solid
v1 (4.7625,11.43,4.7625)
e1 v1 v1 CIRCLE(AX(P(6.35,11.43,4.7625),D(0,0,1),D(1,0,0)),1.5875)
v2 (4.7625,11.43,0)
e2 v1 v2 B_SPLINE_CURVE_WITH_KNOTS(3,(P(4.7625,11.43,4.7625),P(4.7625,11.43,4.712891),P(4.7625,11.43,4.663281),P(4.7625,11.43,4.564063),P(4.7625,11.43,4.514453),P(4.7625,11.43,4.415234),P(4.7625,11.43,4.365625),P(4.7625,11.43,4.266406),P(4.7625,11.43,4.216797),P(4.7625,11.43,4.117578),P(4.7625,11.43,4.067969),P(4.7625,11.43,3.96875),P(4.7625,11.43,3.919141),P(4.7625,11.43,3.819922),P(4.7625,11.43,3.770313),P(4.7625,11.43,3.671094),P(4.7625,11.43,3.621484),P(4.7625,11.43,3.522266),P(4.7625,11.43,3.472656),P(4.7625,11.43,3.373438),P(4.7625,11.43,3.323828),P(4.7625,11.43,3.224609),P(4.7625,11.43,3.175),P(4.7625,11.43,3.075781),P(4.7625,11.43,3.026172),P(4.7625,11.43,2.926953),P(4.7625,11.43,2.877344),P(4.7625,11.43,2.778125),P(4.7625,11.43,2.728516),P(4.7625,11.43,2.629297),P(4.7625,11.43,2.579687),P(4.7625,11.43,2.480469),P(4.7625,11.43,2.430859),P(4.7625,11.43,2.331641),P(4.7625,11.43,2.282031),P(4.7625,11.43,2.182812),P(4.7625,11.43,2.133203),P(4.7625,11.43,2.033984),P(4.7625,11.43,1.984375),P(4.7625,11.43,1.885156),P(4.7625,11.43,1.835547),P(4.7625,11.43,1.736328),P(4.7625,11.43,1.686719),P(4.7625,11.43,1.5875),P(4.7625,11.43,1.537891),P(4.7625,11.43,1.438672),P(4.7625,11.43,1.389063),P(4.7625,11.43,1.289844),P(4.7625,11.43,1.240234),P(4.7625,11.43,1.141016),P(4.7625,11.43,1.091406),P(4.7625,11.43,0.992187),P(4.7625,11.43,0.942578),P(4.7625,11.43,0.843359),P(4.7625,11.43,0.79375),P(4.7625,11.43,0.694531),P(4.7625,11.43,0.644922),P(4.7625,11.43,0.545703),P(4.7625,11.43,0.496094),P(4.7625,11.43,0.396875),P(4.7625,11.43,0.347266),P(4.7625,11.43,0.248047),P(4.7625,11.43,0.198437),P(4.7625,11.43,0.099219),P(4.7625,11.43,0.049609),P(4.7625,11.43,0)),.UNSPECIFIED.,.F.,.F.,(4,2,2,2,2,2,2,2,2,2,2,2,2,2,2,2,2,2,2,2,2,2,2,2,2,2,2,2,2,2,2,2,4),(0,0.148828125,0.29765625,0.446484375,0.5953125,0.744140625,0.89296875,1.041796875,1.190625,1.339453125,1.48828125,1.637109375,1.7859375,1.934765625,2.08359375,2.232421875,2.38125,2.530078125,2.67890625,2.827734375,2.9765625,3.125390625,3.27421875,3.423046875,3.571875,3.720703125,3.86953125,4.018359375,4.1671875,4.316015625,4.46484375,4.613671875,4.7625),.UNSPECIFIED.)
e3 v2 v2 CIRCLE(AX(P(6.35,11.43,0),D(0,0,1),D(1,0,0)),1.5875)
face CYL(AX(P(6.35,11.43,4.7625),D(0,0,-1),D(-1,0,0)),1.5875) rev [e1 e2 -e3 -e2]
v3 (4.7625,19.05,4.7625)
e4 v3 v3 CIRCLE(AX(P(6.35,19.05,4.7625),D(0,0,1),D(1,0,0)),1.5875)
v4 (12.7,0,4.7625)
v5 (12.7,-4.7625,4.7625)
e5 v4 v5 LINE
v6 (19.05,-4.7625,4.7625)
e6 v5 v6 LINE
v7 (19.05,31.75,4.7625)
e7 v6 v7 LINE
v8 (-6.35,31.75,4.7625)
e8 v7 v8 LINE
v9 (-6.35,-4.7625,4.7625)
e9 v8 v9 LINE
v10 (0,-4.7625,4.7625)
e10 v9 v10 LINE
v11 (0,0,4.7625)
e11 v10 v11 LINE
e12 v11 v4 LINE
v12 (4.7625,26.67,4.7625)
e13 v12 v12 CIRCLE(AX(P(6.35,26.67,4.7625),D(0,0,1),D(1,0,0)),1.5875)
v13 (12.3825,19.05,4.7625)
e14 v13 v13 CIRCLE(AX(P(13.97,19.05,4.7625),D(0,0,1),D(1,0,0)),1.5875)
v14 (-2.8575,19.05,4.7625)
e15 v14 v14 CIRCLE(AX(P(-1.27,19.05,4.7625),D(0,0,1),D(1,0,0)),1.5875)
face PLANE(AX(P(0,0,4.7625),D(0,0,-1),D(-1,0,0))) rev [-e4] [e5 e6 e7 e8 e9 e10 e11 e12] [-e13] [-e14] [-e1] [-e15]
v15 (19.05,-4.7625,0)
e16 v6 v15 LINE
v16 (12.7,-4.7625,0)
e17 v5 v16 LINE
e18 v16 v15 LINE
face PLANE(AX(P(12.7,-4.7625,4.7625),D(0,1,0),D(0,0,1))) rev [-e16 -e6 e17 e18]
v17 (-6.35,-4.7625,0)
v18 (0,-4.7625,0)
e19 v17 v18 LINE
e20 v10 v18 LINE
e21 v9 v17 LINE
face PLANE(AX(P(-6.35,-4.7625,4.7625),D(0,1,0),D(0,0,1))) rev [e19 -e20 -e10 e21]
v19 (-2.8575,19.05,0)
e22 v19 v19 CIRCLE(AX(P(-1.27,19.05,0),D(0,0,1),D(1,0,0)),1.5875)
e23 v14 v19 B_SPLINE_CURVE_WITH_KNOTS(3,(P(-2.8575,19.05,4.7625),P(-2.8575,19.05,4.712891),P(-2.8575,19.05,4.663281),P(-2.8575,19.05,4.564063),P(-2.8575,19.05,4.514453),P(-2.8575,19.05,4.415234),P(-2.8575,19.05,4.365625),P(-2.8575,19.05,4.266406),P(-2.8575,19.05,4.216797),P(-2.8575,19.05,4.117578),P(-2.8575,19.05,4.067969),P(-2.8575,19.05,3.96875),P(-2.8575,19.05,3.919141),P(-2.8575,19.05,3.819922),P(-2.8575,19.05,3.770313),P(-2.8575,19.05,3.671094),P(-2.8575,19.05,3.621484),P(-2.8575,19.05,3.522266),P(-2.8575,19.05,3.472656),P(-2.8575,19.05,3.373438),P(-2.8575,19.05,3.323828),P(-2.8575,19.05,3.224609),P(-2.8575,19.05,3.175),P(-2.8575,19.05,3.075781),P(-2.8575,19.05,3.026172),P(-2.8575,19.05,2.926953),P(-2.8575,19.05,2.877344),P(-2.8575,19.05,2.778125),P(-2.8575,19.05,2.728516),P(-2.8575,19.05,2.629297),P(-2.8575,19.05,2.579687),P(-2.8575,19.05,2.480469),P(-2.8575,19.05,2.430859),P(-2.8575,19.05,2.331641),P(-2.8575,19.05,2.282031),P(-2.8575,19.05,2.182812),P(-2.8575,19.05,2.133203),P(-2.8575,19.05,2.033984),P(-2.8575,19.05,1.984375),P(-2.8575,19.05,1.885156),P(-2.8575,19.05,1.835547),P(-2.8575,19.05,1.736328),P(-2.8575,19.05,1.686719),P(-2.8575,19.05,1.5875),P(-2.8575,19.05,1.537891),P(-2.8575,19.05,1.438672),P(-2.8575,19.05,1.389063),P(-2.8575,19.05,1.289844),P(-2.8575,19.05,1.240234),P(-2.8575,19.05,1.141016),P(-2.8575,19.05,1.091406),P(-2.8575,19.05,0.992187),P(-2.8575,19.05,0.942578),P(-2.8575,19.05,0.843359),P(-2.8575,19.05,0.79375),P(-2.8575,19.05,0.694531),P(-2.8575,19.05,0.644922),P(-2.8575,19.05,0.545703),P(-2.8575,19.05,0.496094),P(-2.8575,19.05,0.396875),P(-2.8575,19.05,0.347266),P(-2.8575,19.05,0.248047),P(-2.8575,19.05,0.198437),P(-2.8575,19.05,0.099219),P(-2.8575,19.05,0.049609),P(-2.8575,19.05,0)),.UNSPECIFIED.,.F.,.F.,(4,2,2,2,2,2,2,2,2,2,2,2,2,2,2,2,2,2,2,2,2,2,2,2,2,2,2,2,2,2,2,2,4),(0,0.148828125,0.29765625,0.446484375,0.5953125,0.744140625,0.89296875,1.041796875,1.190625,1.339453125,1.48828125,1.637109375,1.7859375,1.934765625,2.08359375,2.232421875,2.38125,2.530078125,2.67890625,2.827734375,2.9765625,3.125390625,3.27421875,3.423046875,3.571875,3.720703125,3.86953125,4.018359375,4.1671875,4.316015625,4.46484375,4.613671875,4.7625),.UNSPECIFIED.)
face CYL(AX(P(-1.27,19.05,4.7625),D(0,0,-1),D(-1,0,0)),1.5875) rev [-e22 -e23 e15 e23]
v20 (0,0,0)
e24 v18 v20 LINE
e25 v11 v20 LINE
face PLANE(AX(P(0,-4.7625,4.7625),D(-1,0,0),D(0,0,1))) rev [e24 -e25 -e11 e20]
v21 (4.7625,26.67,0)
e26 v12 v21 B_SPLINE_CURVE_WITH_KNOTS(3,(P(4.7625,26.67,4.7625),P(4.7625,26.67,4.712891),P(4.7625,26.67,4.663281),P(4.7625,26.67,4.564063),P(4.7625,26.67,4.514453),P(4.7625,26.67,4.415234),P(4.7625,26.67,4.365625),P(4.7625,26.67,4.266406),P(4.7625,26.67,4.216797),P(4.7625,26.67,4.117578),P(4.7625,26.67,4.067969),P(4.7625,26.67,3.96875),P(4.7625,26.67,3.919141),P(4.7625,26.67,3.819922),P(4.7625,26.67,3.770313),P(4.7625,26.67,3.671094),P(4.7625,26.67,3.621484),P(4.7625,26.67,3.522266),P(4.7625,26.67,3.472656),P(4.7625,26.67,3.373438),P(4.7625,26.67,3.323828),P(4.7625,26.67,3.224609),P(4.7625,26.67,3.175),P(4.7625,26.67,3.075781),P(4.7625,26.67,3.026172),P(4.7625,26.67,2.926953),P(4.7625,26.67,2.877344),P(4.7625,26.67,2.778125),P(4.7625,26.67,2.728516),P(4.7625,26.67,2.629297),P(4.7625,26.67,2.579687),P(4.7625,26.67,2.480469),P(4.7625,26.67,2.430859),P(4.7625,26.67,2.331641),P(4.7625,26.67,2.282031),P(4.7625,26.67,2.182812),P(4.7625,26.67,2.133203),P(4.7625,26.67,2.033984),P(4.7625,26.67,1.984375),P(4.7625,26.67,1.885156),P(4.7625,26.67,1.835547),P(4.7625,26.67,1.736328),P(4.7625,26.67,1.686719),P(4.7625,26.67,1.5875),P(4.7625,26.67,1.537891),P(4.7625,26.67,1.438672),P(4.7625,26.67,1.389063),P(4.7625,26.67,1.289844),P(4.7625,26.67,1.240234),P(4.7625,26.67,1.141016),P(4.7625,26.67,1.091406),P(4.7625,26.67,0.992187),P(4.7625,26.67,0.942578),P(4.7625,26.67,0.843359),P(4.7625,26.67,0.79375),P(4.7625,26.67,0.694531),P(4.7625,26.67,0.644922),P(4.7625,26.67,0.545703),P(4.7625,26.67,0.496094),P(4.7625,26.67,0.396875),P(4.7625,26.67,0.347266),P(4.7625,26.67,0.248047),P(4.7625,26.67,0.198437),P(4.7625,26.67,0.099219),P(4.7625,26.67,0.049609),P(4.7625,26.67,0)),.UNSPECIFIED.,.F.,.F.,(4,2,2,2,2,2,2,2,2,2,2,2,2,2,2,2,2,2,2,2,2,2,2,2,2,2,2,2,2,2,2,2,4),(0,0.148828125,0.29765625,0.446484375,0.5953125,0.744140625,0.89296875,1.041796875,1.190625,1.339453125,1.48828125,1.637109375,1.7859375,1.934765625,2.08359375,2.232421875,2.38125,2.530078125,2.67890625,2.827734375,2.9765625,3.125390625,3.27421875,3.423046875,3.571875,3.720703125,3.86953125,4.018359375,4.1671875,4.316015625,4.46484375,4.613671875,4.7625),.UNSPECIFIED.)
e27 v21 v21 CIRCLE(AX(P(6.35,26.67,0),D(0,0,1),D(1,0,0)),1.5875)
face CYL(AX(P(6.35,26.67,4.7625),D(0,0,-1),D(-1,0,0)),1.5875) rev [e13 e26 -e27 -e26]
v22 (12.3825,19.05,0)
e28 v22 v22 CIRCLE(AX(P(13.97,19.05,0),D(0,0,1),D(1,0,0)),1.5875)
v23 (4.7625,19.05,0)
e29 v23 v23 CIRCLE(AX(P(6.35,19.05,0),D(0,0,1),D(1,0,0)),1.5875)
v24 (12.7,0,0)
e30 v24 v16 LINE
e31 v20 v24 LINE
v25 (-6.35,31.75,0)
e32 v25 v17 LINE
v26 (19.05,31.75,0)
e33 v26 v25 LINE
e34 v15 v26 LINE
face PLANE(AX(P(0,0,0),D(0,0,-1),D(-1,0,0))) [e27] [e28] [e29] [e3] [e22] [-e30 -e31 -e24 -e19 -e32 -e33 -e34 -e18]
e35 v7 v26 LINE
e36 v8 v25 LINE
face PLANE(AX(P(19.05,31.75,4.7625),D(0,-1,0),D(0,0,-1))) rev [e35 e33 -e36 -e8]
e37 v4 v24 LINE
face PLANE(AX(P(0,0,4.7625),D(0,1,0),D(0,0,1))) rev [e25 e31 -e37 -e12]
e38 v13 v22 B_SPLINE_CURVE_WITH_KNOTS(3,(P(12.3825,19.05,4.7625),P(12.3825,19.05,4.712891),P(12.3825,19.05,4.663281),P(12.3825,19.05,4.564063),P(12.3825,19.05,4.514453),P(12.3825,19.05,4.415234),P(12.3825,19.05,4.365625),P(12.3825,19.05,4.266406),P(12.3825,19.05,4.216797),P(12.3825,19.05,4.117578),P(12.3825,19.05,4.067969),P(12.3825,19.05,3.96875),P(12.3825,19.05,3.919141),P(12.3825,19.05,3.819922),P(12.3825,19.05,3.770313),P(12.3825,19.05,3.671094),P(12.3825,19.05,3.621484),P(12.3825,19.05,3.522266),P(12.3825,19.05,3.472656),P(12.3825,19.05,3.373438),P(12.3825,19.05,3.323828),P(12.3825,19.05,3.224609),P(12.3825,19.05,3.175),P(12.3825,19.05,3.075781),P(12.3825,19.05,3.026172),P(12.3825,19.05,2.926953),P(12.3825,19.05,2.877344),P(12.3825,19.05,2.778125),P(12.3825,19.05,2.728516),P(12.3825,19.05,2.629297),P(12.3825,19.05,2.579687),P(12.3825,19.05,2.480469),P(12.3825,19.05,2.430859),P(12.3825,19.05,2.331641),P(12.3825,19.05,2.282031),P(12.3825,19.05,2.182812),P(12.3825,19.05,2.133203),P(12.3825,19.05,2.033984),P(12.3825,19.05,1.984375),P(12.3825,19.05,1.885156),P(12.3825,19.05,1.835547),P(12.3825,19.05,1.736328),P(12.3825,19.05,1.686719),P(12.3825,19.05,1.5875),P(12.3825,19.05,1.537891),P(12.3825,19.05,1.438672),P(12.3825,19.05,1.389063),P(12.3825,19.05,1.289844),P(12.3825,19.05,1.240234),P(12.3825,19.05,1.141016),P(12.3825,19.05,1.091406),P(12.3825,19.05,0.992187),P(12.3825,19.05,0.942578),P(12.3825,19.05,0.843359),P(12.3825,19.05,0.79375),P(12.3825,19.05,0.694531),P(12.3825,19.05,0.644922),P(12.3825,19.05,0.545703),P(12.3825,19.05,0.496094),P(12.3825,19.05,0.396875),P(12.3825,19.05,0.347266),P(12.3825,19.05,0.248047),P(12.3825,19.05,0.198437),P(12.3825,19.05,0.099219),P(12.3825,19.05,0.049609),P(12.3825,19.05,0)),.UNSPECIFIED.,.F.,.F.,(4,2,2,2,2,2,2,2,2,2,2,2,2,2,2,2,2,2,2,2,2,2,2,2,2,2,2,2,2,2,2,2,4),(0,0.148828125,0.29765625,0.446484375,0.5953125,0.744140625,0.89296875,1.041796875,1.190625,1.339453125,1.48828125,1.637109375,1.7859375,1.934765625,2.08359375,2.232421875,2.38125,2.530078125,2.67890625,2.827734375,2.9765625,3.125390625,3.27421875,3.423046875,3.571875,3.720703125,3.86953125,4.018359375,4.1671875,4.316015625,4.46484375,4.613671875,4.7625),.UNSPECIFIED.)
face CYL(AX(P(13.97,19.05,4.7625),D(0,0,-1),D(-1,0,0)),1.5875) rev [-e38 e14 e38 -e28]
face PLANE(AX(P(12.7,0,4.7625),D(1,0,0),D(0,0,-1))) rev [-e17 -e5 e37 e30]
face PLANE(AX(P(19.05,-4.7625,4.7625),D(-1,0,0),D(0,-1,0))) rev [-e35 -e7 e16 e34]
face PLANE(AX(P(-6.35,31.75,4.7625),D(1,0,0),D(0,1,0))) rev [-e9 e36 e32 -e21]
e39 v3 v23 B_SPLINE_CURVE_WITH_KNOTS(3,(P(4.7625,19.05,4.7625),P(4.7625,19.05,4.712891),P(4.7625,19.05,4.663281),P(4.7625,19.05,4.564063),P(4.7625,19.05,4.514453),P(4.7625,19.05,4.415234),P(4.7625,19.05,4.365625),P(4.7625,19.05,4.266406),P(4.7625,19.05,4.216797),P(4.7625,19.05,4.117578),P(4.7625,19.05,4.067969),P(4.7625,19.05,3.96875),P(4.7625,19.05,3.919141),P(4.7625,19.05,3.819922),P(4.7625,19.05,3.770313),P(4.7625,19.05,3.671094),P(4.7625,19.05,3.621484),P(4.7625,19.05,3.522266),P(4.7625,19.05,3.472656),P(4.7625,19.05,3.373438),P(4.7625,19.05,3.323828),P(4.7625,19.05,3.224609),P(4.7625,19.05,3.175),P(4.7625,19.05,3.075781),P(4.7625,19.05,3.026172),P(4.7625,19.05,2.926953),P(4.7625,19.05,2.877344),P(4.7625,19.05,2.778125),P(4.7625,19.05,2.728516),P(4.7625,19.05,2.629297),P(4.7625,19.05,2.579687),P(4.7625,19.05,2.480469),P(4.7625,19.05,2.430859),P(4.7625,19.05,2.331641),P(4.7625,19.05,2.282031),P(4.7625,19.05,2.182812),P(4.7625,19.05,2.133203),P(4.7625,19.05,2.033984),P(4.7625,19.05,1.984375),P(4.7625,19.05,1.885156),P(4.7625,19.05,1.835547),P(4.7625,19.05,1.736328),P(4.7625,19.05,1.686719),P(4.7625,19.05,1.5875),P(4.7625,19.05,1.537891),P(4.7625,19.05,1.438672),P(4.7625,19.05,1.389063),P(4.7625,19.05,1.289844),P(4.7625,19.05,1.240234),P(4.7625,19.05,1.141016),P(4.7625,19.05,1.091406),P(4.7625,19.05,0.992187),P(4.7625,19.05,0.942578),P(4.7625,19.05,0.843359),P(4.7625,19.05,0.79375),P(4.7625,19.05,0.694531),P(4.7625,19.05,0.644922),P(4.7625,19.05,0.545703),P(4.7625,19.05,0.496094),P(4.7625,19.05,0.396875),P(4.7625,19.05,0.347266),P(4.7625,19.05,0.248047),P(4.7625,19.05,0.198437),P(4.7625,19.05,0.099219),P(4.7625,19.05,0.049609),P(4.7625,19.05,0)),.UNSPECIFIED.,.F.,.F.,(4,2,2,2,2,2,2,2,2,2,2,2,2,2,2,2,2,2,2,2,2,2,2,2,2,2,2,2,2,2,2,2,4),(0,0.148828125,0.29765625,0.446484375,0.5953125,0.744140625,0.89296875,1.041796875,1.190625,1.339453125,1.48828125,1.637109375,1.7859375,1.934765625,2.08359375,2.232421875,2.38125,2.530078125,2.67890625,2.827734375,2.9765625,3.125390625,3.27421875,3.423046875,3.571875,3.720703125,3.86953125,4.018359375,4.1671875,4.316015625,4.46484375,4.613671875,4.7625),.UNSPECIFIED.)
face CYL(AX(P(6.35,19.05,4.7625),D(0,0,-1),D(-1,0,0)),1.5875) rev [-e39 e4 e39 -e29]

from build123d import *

# Parameters (mm, degrees)
SKETCH1_R           = 1.5875
BOSS_EXTRUDE1_DEPTH = 4.7625


with BuildPart() as part:
    # Sketch1 → Boss-Extrude1 (new body)
    with BuildSketch(Plane.XY):
        Polygon((0, 0), (12.7, 0), (12.7, -4.7625), (19.05, -4.7625), (19.05, 31.75), (-6.35, 31.75), (-6.35, -4.7625), (0, -4.7625), align=None)
        with Locations(Location((6.35, 19.05, 0), (0, 0, 180))):
            Circle(SKETCH1_R, mode=Mode.SUBTRACT)
        with Locations(Location((6.35, 26.67, 0), (0, 0, 180))):
            Circle(SKETCH1_R, mode=Mode.SUBTRACT)
        with Locations(Location((13.97, 19.05, 0), (0, 0, 180))):
            Circle(SKETCH1_R, mode=Mode.SUBTRACT)
        with Locations(Location((-1.27, 19.05, 0), (0, 0, 180))):
            Circle(SKETCH1_R, mode=Mode.SUBTRACT)
        with Locations(Location((6.35, 11.43, 0), (0, 0, 180))):
            Circle(SKETCH1_R, mode=Mode.SUBTRACT)
    extrude(amount=BOSS_EXTRUDE1_DEPTH)


solid = part.part
